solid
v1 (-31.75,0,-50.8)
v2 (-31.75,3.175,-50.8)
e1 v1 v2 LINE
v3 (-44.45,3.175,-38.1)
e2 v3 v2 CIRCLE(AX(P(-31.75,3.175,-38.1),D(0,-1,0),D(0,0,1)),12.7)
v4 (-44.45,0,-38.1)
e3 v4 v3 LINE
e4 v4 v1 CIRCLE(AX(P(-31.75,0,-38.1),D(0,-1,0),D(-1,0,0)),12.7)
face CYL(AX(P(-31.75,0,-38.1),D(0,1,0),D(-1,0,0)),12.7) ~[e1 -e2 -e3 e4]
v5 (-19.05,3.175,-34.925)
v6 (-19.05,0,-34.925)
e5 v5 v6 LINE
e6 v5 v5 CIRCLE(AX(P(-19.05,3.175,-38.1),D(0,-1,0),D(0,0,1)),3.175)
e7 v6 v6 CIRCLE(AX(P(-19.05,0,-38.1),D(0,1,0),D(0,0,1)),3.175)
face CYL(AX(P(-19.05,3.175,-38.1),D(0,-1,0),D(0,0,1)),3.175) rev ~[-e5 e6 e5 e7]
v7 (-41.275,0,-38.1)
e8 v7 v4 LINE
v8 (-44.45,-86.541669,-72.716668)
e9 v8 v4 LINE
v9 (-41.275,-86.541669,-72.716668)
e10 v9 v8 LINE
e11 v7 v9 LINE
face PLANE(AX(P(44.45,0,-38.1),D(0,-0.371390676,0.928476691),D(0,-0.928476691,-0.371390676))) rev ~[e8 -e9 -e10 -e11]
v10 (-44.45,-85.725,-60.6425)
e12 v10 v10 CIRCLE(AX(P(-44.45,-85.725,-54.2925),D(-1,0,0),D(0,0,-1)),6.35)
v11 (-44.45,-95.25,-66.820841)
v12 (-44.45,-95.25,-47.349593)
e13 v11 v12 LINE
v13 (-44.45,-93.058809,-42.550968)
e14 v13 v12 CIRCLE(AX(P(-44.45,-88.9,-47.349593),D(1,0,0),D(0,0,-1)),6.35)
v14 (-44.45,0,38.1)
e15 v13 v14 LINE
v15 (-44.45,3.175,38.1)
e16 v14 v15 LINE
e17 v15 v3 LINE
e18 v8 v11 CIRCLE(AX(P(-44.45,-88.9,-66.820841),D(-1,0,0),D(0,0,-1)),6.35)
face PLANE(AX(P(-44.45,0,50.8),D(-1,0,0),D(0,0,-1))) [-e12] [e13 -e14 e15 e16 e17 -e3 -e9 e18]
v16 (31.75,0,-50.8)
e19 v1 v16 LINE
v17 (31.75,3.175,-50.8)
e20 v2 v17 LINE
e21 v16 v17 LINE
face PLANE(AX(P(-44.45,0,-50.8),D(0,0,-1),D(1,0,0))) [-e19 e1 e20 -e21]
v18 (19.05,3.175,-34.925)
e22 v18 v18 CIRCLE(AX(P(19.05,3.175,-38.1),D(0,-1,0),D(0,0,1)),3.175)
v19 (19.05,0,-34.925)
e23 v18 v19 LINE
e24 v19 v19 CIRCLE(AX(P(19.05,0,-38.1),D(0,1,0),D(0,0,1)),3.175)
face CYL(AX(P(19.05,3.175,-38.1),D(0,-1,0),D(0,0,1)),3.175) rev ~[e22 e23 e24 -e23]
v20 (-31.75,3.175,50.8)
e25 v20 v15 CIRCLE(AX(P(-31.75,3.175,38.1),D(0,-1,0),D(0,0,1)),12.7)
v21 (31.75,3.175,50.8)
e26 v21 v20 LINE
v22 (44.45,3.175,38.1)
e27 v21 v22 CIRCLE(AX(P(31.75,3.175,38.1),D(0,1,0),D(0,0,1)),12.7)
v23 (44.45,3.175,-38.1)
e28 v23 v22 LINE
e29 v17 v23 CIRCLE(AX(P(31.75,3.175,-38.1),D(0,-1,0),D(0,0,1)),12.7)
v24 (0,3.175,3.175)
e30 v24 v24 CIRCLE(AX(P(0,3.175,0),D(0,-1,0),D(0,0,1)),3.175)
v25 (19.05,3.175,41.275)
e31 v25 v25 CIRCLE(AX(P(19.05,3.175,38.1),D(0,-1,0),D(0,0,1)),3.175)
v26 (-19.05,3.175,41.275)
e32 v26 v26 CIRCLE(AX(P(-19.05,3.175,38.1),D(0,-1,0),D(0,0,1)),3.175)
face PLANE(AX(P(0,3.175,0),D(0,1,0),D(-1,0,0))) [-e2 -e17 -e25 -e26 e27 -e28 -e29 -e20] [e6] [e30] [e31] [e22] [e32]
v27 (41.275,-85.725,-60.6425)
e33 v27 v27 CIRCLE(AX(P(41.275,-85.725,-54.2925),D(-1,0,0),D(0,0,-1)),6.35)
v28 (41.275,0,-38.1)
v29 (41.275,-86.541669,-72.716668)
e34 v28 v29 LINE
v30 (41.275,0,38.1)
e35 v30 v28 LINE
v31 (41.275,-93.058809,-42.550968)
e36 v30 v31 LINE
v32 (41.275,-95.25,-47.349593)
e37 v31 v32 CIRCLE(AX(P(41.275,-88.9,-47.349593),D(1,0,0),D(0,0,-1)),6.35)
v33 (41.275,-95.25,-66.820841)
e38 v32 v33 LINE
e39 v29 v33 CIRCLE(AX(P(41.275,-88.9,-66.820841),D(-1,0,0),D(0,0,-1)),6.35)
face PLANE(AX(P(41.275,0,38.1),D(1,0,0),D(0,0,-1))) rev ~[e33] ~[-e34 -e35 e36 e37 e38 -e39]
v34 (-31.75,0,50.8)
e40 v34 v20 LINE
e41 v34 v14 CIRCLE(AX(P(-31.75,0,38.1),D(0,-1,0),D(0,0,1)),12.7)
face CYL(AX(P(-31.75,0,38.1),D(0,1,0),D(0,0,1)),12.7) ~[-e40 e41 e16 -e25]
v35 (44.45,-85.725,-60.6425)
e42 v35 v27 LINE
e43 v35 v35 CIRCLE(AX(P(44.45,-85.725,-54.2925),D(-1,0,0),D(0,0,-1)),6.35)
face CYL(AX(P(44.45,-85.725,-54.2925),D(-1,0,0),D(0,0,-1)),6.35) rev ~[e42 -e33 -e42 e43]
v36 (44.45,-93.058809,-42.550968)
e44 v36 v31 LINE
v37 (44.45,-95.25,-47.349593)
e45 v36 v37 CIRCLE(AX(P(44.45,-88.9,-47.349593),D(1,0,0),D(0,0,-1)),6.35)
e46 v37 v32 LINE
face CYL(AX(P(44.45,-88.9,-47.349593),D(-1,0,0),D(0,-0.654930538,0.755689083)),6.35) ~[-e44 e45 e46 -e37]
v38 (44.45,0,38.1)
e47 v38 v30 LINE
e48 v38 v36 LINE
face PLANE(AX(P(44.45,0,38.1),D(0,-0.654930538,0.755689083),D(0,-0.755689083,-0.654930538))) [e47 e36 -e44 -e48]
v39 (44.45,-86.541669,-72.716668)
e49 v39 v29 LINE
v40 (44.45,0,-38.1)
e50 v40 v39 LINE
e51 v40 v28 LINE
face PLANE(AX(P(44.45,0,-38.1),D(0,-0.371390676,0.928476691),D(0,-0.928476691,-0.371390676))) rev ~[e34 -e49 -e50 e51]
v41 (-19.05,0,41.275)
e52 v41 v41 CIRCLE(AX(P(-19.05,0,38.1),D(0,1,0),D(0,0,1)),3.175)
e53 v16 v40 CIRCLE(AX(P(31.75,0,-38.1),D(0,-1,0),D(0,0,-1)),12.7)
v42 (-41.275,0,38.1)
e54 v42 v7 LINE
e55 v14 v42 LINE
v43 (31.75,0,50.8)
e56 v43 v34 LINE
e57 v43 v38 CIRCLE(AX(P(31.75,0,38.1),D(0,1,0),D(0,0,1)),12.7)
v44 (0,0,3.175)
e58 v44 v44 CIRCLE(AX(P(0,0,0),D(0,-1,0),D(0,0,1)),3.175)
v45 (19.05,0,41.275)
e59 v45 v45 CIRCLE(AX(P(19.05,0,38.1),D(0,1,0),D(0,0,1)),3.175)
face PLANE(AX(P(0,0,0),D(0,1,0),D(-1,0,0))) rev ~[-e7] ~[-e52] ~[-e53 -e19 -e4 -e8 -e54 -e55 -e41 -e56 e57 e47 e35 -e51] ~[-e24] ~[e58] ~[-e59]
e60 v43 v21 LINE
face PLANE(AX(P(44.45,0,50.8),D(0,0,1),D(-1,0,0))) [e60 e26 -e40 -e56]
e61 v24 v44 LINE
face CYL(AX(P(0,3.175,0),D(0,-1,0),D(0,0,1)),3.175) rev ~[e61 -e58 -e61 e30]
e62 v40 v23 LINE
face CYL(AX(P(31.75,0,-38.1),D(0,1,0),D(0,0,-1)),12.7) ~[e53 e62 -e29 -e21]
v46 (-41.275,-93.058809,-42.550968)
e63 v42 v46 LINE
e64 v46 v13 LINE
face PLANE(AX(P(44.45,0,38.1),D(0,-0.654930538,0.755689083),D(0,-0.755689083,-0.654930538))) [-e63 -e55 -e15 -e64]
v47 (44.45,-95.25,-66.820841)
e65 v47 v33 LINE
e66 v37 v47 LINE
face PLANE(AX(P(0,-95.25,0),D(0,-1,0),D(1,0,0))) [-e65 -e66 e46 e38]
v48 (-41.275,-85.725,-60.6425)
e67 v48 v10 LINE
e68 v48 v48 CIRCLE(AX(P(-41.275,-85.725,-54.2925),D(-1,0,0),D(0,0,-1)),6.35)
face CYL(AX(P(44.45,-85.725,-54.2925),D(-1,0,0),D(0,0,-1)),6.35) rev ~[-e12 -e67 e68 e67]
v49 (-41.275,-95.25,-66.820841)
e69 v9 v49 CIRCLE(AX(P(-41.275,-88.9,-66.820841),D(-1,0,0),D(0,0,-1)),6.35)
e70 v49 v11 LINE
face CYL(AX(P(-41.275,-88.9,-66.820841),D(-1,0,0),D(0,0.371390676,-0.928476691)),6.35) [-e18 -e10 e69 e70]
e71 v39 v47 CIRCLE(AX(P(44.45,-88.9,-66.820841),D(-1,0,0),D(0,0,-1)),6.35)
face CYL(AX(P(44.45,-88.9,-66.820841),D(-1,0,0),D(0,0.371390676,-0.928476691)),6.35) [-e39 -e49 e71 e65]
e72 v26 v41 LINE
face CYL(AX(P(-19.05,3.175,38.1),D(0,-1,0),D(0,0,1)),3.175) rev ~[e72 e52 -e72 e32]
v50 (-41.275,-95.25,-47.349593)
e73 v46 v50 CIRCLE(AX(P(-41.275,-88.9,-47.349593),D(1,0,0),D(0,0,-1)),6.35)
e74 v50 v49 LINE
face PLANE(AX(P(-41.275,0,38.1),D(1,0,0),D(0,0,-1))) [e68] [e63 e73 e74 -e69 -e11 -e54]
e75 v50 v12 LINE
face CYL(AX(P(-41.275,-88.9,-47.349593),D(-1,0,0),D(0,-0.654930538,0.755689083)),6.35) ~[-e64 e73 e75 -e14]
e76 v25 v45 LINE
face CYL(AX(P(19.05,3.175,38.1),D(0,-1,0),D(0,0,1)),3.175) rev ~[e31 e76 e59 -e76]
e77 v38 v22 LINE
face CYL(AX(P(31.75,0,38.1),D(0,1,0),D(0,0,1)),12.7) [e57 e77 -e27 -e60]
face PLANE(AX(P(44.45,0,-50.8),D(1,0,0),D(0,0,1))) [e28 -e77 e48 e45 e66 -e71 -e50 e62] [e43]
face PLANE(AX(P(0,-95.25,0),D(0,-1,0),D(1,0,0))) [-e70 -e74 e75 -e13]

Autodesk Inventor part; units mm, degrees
ref_plane "YZ Plane" through (0, 0, 0) normal (1, 0, 0) x (0, 1, 0)
ref_plane "XZ Plane" through (0, 0, 0) normal (0, 1, 0) x (-1, 0, 0)
ref_plane "XY Plane" through (0, 0, 0) normal (0, 0, 1) x (1, 0, 0)
sketch "Sketch2" plane through (0, 0, 0) normal (0, 1, 0) x (-1, 0, 0)
  line L0 (-44.45, 50.8) -> (44.45, 50.8)
  line L1 (44.45, 50.8) -> (44.45, -50.8)
  line L2 (44.45, -50.8) -> (-44.45, -50.8)
  line L3 (-44.45, -50.8) -> (-44.45, 50.8)
  point P0 (0, 0)
  dimension "d0" = 44.45
  dimension "d1" = 44.45
  dimension "d2" = 50.8
  dimension "d3" = 50.8
extrude "Extrusion1" add sketch "Sketch2" along normal blind 3.175
fillet "Fillet1" radius 12.7 4 edges at (44.45, 1.5875, 50.8) (-44.45, 1.5875, 50.8) (44.45, 1.5875, -50.8) (-44.45, 1.5875, -50.8)
sketch "Sketch3" plane through (0, 3.175, 0) normal (0, 1, 0) x (1, 0, 0)
  line L0 (-19.05, 38.1) -> (19.05, 38.1) construction
  line L1 (19.05, 38.1) -> (19.05, -38.1) construction
  line L2 (19.05, -38.1) -> (-19.05, -38.1) construction
  line L3 (-19.05, -38.1) -> (-19.05, 38.1) construction
  point P0 (0, 0)
  point P1 (0, 0)
  point P2 (-19.05, 0)
  point P3 (0, 38.1)
  dimension "d36" = 38.1
  dimension "d37" = 76.2
hole "Hole1" at (-19.05, 3.175, -38.1) at (19.05, 3.175, -38.1) at (19.05, 3.175, 38.1) at (-19.05, 3.175, 38.1) at (0, 3.175, 0) direction (0, -1, 0) diameter 6.35 end through all
sketch "Sketch4" plane through (0, 0, 0) normal (0, -1, 0) x (1, 0, 0)
  circle A0 centre (-19.05, 38.1) radius 3.175 projected
  line L0 (44.45, -38.1) -> (44.45, 38.1) projected
  line L1 (-44.45, 38.1) -> (-44.45, -38.1) projected
  line L2 (44.45, 38.1) -> (41.275, 38.1)
  line L3 (41.275, 38.1) -> (41.275, -88.9)
  line L4 (41.275, -88.9) -> (44.45, -88.9)
  line L5 (44.45, -88.9) -> (44.45, 38.1)
  line L6 (-44.45, 38.1) -> (-41.275, 38.1)
  line L7 (-41.275, 38.1) -> (-41.275, -88.9)
  line L8 (-41.275, -88.9) -> (-44.45, -88.9)
  line L9 (-44.45, -88.9) -> (-44.45, 38.1)
  dimension "d18" = 3.175
  dimension "d19" = 3.175
  dimension "d20" = 127
  dimension "d21" = 127
extrude "Extrusion2" add sketch "Sketch4" along normal blind 95.25 contours L5 L4 L3 L2 L0 | L6 L7 L8 L9 L1
sketch "Sketch5" plane through (44.45, 3.175, 38.1) normal (1, 0, 0) x (0, 0, -1)
  line L0 (0, -3.175) -> (0, -98.425) projected
  line L1 (0, -3.175) -> (82.55, -98.425)
  line L2 (76.2, -3.175) -> (114.3, -98.425)
  line L3 (0, -3.175) -> (0, -98.425)
  line L4 (82.55, -98.425) -> (0, -98.425)
  line L5 (0, -98.425) -> (127, -98.425) projected
  line L6 (127, -3.175) -> (76.2, -3.175) projected
  line L7 (76.2, 0) -> (76.2, -3.175) projected
  line L8 (127, -3.175) -> (127, -98.425) projected
  point P0 (38.1, -3.175)
  dimension "d39" = 31.75
  dimension "d40" = 12.7
extrude "Extrusion3" cut sketch "Sketch5" against normal blind 127
sketch "Sketch6" plane through (44.45, 3.175, 38.1) normal (1, 0, 0) x (0, 0, -1)
  line L0 (82.55, -98.425) -> (114.3, -98.425) projected
  line L1 (98.425, -98.425) -> (38.1, -3.175) construction
  point P0 (92.3925, -88.9)
  dimension "d41" = 9.525
hole "Hole2" at (44.45, -85.725, -54.2925) direction (-1, 0, 0) diameter 12.7 end through all
fillet "Fillet2" radius 6.35 4 edges at (42.8625, -95.25, -44.45) (-42.8625, -95.25, -44.45) (-42.8625, -95.25, -76.2) (42.8625, -95.25, -76.2)
equation "\"d1\" = d0"
equation "\"d3\" = d2"
equation "\"d4\" = metalThickness"
equation "\"d18\" = metalThickness"
equation "\"d19\" = metalThickness"
equation "\"d21\" = d20"
equation "\"metalThickness\" = 3.175"
properties part number "Rotation Caster Flange" material "Aluminum-6061"
